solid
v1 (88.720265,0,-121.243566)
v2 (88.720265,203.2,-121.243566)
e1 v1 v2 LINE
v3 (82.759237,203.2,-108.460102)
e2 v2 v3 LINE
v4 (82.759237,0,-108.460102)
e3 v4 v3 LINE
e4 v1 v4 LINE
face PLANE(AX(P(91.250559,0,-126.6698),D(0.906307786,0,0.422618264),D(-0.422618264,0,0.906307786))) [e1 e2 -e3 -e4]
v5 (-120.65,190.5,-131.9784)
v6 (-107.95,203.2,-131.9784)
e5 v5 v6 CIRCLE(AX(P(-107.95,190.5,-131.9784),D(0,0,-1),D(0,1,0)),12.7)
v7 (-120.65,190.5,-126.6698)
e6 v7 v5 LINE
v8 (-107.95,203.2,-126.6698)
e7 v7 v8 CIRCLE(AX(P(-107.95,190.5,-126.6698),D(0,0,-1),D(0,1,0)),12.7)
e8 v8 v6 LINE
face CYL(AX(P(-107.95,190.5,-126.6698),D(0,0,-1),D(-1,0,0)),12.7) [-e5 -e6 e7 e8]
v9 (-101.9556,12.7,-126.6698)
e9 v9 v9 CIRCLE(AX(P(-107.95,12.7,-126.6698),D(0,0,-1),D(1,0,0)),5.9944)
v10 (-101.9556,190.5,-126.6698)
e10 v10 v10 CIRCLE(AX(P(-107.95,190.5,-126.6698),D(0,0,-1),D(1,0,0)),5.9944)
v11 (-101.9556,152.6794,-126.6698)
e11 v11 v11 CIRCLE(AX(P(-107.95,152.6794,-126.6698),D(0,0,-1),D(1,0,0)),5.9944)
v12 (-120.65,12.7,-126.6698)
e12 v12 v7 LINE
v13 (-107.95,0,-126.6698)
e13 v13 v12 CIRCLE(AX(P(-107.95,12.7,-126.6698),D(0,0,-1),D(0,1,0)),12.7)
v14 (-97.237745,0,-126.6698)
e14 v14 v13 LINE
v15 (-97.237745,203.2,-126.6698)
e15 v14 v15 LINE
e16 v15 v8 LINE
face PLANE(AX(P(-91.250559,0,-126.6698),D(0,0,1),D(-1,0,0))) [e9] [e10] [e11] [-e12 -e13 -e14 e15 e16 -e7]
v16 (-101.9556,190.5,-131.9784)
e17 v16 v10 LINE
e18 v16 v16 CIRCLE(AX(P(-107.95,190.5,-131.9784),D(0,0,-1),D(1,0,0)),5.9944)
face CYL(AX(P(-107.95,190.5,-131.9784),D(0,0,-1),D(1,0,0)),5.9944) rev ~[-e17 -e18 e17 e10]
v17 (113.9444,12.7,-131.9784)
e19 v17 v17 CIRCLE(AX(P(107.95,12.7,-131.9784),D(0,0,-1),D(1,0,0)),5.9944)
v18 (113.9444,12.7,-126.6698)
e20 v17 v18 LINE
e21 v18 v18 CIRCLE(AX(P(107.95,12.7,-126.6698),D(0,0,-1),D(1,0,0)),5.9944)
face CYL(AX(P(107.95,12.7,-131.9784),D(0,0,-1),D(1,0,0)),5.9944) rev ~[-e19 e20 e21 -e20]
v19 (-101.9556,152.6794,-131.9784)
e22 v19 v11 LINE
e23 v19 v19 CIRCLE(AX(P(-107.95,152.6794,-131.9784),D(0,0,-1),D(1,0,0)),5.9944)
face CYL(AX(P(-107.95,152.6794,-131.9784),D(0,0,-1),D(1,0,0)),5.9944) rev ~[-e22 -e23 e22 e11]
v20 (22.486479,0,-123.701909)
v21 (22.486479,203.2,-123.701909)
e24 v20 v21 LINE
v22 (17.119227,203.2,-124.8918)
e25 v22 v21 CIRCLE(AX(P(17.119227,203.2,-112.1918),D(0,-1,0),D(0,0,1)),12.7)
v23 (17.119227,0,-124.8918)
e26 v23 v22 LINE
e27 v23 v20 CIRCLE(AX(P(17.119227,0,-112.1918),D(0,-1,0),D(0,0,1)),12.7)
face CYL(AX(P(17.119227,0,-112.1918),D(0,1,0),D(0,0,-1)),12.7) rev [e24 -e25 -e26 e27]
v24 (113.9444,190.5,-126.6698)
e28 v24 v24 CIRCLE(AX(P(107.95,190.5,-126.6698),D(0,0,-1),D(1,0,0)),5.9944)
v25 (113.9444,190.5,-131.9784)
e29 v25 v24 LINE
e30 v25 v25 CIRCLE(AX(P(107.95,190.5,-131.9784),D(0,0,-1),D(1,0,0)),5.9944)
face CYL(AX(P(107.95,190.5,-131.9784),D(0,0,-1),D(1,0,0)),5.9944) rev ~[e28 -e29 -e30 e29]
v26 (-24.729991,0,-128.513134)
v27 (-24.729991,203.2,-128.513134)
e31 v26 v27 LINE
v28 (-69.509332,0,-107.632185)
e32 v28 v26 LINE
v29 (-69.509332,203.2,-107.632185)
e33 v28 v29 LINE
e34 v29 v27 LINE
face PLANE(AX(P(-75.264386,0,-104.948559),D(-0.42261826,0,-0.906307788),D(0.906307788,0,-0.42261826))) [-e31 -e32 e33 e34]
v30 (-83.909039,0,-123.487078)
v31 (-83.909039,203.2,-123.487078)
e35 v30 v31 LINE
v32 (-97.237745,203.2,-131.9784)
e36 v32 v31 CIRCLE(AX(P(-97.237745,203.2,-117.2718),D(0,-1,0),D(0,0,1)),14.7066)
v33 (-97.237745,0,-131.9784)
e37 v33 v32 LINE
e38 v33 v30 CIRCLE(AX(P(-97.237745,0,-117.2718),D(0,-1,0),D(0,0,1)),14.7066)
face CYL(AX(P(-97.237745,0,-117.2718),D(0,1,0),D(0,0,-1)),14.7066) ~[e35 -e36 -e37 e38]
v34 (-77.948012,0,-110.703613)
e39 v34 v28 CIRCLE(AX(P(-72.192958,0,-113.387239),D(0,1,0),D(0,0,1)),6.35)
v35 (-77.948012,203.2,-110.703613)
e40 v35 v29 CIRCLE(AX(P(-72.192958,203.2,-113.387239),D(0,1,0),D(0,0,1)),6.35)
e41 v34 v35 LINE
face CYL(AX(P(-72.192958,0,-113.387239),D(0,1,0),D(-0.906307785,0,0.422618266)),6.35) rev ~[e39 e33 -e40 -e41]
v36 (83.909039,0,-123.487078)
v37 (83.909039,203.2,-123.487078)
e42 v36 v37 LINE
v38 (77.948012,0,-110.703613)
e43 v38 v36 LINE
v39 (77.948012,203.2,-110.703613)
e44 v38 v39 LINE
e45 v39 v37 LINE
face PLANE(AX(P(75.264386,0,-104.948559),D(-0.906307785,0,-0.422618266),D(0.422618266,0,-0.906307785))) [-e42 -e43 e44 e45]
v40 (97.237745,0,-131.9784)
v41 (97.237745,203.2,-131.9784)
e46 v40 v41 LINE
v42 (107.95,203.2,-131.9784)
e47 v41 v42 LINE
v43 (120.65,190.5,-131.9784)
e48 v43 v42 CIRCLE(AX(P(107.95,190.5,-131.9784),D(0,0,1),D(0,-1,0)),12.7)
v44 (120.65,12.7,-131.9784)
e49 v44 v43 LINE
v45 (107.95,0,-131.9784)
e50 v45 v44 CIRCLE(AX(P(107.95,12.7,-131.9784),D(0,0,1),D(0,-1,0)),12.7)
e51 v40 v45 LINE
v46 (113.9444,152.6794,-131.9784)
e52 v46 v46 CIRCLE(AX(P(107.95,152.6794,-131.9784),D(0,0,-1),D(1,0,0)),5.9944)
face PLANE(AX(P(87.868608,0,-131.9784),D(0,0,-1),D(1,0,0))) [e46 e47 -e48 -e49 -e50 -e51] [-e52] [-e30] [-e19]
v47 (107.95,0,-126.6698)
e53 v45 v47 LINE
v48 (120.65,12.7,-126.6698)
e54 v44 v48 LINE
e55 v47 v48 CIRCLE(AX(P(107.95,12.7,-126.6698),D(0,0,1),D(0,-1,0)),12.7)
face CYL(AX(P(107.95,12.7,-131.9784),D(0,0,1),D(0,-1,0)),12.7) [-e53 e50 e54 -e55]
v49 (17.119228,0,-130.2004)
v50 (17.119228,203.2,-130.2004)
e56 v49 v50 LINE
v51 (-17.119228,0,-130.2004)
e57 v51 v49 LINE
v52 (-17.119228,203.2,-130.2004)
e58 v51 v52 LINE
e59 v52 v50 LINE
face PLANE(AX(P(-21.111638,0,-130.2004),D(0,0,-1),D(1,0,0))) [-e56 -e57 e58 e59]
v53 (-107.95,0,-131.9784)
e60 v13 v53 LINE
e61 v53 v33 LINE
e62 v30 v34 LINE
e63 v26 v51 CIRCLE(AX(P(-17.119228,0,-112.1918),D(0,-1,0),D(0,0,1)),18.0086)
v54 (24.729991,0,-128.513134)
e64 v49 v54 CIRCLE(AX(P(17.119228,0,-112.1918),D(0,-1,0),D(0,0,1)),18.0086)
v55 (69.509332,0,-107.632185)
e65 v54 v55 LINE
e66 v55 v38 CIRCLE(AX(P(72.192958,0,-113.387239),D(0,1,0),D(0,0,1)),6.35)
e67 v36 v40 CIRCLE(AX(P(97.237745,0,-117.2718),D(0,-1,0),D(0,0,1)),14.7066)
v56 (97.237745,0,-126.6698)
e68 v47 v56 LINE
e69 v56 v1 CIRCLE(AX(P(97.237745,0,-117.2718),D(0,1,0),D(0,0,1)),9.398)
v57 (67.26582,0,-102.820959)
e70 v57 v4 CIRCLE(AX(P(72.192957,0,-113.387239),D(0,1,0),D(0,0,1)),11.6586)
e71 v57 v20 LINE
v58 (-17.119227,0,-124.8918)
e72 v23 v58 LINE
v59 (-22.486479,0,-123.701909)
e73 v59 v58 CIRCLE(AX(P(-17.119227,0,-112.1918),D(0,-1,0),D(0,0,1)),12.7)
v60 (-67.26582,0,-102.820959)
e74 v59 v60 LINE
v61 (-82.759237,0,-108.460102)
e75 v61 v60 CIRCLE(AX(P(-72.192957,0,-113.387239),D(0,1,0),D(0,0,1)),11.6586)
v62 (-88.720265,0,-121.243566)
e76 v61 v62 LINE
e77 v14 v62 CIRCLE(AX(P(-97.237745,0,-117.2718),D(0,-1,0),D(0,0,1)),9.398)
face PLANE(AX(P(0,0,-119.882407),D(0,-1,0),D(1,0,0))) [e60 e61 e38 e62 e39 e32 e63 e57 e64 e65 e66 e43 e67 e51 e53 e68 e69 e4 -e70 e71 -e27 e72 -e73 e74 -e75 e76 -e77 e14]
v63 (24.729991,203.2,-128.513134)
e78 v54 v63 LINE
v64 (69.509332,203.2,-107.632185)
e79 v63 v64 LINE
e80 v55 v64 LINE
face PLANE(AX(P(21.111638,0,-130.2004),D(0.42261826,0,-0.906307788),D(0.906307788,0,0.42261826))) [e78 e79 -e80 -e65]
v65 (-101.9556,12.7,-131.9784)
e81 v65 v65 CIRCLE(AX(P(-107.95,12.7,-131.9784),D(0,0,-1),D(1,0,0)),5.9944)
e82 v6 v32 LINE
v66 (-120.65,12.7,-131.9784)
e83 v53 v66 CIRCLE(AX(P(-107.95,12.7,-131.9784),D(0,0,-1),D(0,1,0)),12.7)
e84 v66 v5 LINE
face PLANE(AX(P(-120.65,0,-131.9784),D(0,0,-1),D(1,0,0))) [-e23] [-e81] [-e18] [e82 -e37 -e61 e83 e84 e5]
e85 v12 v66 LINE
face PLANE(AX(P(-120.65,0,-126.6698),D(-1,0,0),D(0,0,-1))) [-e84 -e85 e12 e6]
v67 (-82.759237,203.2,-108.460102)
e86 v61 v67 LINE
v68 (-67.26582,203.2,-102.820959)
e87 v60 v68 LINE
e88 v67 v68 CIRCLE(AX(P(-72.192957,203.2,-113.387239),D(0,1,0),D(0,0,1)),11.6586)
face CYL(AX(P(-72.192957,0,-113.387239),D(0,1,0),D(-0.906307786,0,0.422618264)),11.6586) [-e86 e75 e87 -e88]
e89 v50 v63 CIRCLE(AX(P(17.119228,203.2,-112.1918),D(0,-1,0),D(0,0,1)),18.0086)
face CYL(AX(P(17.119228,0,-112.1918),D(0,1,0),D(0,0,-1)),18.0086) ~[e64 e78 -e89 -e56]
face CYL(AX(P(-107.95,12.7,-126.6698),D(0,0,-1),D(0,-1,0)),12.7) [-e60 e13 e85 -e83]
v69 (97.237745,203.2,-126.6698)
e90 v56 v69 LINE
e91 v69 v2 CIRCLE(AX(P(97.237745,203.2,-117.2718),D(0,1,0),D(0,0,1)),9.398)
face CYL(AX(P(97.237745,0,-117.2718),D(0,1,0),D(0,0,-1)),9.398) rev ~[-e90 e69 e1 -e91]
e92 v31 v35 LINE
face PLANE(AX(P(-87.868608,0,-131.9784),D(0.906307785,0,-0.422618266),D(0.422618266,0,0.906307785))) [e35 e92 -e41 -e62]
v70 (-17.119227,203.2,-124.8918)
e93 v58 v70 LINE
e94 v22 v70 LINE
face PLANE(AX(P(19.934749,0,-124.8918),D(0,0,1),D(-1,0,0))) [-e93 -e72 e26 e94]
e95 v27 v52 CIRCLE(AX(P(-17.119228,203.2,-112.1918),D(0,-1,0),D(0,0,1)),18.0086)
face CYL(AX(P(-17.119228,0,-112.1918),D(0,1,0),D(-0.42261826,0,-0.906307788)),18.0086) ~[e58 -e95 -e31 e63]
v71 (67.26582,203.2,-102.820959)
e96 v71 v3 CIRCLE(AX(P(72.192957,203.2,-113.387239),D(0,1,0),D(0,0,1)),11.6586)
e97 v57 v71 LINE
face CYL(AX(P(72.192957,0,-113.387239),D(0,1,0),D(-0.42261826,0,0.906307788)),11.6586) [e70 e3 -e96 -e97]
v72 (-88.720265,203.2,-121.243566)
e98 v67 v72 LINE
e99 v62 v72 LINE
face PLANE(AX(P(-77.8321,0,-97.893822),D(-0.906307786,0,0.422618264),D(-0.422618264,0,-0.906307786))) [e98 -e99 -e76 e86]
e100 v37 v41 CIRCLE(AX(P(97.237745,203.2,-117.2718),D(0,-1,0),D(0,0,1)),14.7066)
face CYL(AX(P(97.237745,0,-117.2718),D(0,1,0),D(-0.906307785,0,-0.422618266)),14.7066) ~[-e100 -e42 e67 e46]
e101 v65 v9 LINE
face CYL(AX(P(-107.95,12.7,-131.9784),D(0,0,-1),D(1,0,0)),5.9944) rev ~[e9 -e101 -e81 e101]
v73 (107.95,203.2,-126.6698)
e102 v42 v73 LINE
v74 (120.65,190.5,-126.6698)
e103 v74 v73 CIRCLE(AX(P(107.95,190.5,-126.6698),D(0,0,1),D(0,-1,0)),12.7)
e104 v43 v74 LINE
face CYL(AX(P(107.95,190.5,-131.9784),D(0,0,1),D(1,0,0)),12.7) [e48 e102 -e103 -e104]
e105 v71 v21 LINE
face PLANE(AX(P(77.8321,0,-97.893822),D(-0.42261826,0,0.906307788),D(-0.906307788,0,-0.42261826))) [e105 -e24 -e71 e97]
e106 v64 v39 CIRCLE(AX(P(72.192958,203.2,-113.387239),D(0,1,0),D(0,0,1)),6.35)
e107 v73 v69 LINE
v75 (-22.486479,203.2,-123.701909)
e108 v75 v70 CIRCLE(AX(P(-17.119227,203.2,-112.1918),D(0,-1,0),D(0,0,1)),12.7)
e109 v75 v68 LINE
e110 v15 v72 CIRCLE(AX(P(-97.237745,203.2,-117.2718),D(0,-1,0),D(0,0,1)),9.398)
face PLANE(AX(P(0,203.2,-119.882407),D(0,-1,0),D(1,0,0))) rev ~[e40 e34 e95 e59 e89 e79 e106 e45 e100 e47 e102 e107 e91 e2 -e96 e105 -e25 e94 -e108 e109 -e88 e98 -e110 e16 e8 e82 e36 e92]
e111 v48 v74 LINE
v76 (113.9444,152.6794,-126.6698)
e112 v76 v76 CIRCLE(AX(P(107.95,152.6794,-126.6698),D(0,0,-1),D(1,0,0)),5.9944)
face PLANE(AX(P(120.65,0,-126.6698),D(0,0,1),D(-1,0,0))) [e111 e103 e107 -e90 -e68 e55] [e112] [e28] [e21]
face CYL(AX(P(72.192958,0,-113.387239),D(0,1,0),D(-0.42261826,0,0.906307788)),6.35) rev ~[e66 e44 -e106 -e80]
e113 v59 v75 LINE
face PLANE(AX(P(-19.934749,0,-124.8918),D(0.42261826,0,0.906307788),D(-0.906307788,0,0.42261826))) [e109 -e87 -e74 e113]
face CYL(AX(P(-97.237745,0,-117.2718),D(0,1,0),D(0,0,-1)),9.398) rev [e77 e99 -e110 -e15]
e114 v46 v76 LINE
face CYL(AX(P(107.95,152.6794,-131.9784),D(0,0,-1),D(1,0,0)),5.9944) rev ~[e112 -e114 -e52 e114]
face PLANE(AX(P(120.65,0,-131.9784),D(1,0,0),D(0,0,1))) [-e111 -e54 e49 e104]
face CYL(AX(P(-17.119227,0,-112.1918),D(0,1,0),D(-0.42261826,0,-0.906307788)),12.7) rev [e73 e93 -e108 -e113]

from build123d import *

# Parameters (mm, degrees)
F1_DEPTH = 203.2
F2_R     = 5.9944
F3_DEPTH = 34.085578
F4_R     = 6.35
F5_R     = 11.6586
F6_R     = 12.7
F7_R     = 18.0086
F8_R     = 9.398
F9_R     = 14.7066
F10_R    = 12.7


with BuildPart() as f1:
    # F0 (on Front) → F1 (new body)
    with BuildSketch(Plane.XZ):
        Polygon((77.8321, -97.893822), (19.934749, -124.8918), (0, -124.8918), (-19.934749, -124.8918), (-77.8321, -97.893822), (-91.250559, -126.6698), (-120.65, -126.6698), (-120.65, -131.9784), (-87.868608, -131.9784), (-75.264386, -104.948559), (-21.111638, -130.2004), (0, -130.2004), (21.111638, -130.2004), (75.264386, -104.948559), (87.868608, -131.9784), (120.65, -131.9784), (120.65, -126.6698), (91.250559, -126.6698), align=None)
    extrude(amount=-F1_DEPTH)

    # F2 (on face) → F3 (cut, through all)
    with BuildSketch(Plane(origin=(0, 0, -131.9784), x_dir=(1, 0, 0), z_dir=(0, 0, -1))):
        with Locations((107.95, -12.7)):
            Circle(F2_R)
        with Locations((107.95, -152.6794)):
            Circle(F2_R)
        with Locations((107.95, -190.5)):
            Circle(F2_R)
        with Locations((-107.95, -190.5)):
            Circle(F2_R)
        with Locations((-107.95, -152.6794)):
            Circle(F2_R)
        with Locations((-107.95, -12.7)):
            Circle(F2_R)
    extrude(amount=-F3_DEPTH, mode=Mode.SUBTRACT)

    # F4
    f4_edges = [f1.edges().sort_by_distance(p)[0] for p in [
        (-75.264386, 101.6, -104.948559),
        (75.264386, 101.6, -104.948559),
    ]]
    fillet(f4_edges, radius=F4_R)

    # F5
    f5_edges = [f1.edges().sort_by_distance(p)[0] for p in [
        (77.8321, 101.6, -97.893822),
        (-77.8321, 101.6, -97.893822),
    ]]
    fillet(f5_edges, radius=F5_R)

    # F6
    f6_edges = [f1.edges().sort_by_distance(p)[0] for p in [
        (-19.934749, 101.6, -124.8918),
        (19.934749, 101.6, -124.8918),
    ]]
    fillet(f6_edges, radius=F6_R)

    # F7
    f7_edges = [f1.edges().sort_by_distance(p)[0] for p in [
        (-21.111638, 101.6, -130.2004),
        (21.111638, 101.6, -130.2004),
    ]]
    fillet(f7_edges, radius=F7_R)

    # F8
    f8_edges = [f1.edges().sort_by_distance(p)[0] for p in [
        (-91.250559, 101.6, -126.6698),
        (91.250559, 101.6, -126.6698),
    ]]
    fillet(f8_edges, radius=F8_R)

    # F9
    f9_edges = [f1.edges().sort_by_distance(p)[0] for p in [
        (-87.868608, 101.6, -131.9784),
        (87.868608, 101.6, -131.9784),
    ]]
    fillet(f9_edges, radius=F9_R)

    # F10
    f10_edges = [f1.edges().sort_by_distance(p)[0] for p in [
        (-120.65, 0, -129.3241),
        (120.65, 0, -129.3241),
        (-120.65, 203.2, -129.3241),
        (120.65, 203.2, -129.3241),
    ]]
    fillet(f10_edges, radius=F10_R)


solid = f1.part
